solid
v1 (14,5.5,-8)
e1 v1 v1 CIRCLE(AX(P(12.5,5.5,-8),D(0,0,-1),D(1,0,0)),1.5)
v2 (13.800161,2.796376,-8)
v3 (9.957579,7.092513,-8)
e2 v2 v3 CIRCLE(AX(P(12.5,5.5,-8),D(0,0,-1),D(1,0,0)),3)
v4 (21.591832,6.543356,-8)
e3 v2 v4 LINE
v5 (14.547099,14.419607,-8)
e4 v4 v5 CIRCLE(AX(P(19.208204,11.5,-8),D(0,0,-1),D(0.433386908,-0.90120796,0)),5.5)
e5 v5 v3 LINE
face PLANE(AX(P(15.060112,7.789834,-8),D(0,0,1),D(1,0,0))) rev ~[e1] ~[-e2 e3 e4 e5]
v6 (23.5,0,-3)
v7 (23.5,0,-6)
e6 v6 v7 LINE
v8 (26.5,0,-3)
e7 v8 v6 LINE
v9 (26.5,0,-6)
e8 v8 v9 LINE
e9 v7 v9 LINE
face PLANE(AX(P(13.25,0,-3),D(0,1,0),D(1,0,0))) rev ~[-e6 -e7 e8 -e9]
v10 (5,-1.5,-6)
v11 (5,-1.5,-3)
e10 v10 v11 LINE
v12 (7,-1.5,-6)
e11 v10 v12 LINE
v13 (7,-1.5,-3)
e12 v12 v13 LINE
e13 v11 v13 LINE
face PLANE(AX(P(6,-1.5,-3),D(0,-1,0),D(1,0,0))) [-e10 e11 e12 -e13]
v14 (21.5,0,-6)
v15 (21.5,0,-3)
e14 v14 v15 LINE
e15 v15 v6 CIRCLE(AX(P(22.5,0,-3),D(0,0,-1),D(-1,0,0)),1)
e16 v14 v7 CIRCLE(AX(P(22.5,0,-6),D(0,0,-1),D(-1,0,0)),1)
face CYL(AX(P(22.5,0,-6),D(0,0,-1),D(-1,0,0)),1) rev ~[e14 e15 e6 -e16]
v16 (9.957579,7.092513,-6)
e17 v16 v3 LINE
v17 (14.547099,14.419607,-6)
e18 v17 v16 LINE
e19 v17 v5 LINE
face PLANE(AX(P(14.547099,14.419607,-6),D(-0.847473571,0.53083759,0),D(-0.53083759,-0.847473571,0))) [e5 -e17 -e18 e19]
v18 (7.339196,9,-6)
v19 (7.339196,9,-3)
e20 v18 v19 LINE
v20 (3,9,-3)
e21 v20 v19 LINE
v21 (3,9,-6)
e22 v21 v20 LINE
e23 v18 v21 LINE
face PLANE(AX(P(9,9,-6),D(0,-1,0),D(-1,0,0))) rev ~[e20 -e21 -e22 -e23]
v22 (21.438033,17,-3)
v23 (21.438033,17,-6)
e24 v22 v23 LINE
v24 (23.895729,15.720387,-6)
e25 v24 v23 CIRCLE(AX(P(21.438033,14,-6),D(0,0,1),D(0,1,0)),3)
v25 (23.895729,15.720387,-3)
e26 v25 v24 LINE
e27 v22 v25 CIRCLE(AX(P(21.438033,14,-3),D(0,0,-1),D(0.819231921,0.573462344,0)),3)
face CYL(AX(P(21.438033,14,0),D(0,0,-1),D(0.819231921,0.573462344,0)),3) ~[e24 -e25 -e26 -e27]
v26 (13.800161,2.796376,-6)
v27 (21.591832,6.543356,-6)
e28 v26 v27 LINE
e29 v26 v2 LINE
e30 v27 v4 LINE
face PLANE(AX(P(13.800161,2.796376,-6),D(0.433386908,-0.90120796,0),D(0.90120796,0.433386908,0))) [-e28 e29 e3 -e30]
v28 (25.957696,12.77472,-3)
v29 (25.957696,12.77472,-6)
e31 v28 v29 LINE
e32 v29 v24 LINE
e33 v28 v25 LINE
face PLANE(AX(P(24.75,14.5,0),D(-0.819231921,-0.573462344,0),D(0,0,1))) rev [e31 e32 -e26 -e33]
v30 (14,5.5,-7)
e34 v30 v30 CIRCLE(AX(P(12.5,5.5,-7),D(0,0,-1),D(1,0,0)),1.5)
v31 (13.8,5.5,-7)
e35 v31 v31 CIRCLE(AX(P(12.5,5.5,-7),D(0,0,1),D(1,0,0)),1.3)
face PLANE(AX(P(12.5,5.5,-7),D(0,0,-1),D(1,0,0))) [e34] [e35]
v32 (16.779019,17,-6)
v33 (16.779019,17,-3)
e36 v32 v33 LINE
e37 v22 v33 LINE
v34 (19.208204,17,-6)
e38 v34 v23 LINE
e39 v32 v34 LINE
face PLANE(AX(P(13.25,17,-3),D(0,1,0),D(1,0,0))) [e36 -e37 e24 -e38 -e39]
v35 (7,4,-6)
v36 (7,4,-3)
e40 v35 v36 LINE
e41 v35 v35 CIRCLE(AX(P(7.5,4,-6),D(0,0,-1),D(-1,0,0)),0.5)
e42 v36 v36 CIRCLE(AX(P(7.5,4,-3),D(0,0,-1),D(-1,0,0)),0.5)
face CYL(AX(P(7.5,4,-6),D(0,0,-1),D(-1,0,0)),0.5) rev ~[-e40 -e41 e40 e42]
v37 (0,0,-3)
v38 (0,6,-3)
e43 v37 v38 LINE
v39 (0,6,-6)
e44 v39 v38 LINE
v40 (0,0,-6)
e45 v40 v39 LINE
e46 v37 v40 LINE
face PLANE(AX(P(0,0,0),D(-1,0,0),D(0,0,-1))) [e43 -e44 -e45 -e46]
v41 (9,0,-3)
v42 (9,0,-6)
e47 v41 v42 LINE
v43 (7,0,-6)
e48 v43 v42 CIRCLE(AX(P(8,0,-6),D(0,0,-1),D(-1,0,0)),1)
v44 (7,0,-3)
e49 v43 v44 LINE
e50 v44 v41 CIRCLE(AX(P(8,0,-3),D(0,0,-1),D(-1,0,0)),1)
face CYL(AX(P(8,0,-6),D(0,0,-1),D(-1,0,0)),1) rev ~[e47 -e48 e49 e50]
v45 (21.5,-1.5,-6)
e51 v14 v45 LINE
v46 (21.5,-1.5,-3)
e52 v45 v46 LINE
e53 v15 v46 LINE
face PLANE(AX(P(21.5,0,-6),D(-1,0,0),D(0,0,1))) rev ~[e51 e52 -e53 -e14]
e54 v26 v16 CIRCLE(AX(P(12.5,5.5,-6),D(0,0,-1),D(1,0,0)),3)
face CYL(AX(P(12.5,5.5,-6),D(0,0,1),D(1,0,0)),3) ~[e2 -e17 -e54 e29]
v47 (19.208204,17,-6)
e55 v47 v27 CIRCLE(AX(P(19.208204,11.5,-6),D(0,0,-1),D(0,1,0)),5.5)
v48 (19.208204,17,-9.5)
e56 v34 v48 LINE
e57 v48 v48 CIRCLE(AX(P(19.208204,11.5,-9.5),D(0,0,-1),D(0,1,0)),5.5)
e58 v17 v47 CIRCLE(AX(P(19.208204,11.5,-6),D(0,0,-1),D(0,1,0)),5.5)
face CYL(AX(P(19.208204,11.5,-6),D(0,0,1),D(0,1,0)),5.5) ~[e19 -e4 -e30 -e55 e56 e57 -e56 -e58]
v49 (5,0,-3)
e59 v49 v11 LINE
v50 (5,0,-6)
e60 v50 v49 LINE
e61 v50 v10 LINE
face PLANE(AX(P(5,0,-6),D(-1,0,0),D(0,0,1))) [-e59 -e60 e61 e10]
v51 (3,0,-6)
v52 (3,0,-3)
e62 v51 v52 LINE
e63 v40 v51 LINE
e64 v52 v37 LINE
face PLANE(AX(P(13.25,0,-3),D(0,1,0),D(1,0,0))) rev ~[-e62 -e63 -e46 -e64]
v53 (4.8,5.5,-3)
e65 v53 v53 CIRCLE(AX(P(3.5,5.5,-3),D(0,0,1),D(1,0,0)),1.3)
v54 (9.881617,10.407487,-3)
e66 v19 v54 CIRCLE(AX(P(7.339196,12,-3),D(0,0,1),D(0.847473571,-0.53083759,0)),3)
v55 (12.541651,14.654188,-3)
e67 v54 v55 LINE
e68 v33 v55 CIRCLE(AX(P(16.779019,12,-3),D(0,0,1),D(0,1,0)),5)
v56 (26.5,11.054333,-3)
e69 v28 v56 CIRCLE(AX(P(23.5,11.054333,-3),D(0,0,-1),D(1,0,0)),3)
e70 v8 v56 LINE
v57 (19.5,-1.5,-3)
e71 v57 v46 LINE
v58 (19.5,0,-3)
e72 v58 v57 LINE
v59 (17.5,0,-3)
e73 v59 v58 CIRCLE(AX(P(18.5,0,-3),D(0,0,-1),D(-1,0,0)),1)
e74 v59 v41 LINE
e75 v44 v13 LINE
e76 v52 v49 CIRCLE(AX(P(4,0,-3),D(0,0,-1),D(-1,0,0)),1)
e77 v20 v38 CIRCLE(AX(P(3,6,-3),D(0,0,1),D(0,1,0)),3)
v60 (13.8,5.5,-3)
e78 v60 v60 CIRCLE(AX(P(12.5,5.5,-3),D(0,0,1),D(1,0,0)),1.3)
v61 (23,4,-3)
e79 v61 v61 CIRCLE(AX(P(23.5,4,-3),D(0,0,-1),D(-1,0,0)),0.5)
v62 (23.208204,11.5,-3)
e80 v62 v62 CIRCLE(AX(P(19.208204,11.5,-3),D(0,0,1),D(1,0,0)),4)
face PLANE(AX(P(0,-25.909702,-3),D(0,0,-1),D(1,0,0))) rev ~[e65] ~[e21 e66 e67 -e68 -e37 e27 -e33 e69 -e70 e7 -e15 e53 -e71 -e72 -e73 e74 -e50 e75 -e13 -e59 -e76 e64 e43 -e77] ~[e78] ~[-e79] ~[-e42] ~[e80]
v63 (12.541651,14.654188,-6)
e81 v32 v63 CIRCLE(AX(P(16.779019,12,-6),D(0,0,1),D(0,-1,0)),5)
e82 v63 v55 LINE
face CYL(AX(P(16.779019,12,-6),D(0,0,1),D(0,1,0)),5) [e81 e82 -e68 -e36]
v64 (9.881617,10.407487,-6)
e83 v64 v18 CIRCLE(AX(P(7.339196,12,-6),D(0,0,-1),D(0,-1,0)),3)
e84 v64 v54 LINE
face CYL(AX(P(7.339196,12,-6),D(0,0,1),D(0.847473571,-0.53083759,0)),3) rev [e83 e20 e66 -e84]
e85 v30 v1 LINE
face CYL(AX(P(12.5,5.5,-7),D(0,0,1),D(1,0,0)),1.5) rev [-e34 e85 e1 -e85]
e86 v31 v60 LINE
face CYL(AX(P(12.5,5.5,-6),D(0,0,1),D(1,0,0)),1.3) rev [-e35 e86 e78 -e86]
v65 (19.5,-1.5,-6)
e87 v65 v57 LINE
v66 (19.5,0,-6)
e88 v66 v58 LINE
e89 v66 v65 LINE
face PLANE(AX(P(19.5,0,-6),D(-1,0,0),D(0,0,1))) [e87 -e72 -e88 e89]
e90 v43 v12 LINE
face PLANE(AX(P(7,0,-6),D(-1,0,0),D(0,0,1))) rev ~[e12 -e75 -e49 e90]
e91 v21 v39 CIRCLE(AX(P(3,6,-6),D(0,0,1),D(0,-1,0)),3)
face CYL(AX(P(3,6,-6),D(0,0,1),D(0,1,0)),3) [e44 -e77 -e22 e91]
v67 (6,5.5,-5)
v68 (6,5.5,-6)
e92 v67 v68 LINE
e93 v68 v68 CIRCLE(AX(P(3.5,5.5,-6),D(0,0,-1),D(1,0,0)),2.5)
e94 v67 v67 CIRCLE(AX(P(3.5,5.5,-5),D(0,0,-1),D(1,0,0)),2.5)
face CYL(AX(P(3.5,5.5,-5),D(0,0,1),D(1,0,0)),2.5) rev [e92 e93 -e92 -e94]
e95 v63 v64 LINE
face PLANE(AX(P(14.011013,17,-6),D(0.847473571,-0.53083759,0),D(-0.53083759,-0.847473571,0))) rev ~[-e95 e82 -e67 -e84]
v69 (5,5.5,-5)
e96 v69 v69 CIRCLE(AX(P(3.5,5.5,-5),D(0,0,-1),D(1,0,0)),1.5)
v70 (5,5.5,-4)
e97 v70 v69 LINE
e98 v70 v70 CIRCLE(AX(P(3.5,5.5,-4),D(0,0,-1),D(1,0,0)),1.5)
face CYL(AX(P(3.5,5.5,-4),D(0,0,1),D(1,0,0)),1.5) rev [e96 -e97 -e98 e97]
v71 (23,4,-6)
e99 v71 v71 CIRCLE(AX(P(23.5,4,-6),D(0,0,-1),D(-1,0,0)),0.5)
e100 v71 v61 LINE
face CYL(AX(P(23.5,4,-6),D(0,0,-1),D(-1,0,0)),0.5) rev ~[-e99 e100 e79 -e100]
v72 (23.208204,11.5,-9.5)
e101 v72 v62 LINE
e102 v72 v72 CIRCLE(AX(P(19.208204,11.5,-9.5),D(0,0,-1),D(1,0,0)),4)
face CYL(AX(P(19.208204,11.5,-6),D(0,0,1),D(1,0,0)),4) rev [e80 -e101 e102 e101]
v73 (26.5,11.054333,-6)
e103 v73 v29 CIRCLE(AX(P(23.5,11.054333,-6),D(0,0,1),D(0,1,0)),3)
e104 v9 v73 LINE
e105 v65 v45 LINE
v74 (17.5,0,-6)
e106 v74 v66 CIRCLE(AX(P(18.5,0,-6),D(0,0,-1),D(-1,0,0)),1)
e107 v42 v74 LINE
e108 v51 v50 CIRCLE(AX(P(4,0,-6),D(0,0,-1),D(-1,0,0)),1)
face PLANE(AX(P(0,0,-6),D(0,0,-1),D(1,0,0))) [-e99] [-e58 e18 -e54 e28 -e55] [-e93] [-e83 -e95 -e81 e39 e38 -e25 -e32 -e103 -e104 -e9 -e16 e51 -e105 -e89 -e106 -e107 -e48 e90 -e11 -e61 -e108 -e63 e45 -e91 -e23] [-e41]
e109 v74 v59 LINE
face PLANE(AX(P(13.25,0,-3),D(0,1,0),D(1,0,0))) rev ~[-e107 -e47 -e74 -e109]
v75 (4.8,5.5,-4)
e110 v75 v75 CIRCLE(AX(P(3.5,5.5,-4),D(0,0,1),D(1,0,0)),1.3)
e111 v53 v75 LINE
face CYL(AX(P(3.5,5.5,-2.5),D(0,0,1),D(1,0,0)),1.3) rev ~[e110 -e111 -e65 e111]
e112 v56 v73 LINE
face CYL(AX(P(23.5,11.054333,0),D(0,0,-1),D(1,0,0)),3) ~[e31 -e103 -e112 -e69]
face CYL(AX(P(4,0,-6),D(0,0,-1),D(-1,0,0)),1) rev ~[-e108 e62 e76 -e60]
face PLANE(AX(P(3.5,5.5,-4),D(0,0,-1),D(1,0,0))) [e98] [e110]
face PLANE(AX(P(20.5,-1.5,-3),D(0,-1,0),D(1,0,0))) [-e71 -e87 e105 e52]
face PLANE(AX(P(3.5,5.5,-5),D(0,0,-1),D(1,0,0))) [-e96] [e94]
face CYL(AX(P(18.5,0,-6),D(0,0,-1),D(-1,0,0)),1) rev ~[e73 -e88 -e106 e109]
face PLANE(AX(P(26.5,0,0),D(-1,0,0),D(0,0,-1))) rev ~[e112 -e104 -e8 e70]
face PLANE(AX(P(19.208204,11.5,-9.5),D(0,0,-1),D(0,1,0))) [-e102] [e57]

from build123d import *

# Parameters (mm, degrees)
SKETCH1_W                            = 26.5
SKETCH1_H                            = 6
BOSS_EXTRUDE1_DEPTH                  = 17
SKETCH2_R                            = 1.5
CUT_EXTRUDE1_DEPTH                   = 1
SKETCH3_R                            = 1.3
CUT_EXTRUDE2_DEPTH                   = 32.878676259
SKETCH4_R                            = 4
CUT_EXTRUDE3_DEPTH                   = 33.050741021
SKETCH5_R                            = 2.5
CUT_EXTRUDE4_DEPTH                   = 1.5
SKETCH6_R                            = 1.5
CUT_EXTRUDE8_DEPTH                   = 1
SKETCH7_R                            = 1.3
CUT_EXTRUDE9_DEPTH                   = 32.678068123
CUT_EXTRUDE10_START                  = -1
SKETCH8_R                            = 2.5
CUT_EXTRUDE10_DEPTH                  = 1
CUT_EXTRUDE11_START                  = -1
SKETCH9_R                            = 1.5
CUT_EXTRUDE11_DEPTH                  = 1
SKETCH10_R                           = 5.5
SKETCH10_R_2                         = 4
BOSS_EXTRUDE2_DEPTH                  = 3.5
SKETCH11_R                           = 3
SKETCH11_R_2                         = 1.3
BOSS_EXTRUDE4_DEPTH                  = 2
CUT_EXTRUDE12_START                  = -1
SKETCH12_R                           = 1.5
CUT_EXTRUDE12_DEPTH                  = 1
SKETCH17_W                           = 2
SKETCH17_H                           = 6
BOSS_EXTRUDE6_DEPTH                  = 1.5
SKETCH18_R                           = 1
CUT_EXTRUDE17_DEPTH                  = 33.050741021
CHAMFER2_SIZE                        = 5
CHAMFER2_SIZE2                       = 3.5
FILLET11_R                           = 3
BOSS_EXTRUDE7_DEPTH                  = 2
CUT_EXTRUDE19_DEPTH                  = 33.050741021
FILLET13_R                           = 5
FILLET14_R                           = 3
FILLET15_R                           = 3
SKIZZE1_R                            = 0.5
SCHNITT_LINEAR_AUSTRAGEN1_DEPTH      = 33.050741021
SCHNITT_LINEAR_AUSTRAGEN2_DEPTH      = 31.409702399
SCHNITT_LINEAR_AUSTRAGEN2_DEPTH_BACK = 31.409702399
SKIZZE2_W                            = 26.5
SKIZZE2_H                            = 3


with BuildPart() as part:
    # Sketch1 → Boss-Extrude1 (new body)
    with BuildSketch(Plane(origin=(0, 0, 0), x_dir=(1, 0, 0), z_dir=(0, 1, 0))):
        with Locations((13.25, 3)):
            Rectangle(SKETCH1_W, SKETCH1_H)
    extrude(amount=BOSS_EXTRUDE1_DEPTH)

    # Sketch2 → Cut-Extrude1 (cut)
    with BuildSketch(Plane.XY):
        with Locations((12.5, 5.5)):
            Circle(SKETCH2_R)
    extrude(amount=-CUT_EXTRUDE1_DEPTH, mode=Mode.SUBTRACT)

    # Sketch3 → Cut-Extrude2 (cut, through all)
    with BuildSketch(Plane.XY.offset(-1)):
        with Locations((12.5, 5.5)):
            Circle(SKETCH3_R)
    extrude(amount=-CUT_EXTRUDE2_DEPTH, mode=Mode.SUBTRACT)

    # Sketch4 → Cut-Extrude3 (cut, through all)
    with BuildSketch(Plane.XY):
        with Locations((19.208203932, 11.5)):
            Circle(SKETCH4_R)
    extrude(amount=-CUT_EXTRUDE3_DEPTH, mode=Mode.SUBTRACT)

    # Sketch5 → Cut-Extrude4 (cut)
    with BuildSketch(Plane.XY):
        with Locations((3.5, 5.5)):
            Circle(SKETCH5_R)
    extrude(amount=-CUT_EXTRUDE4_DEPTH, mode=Mode.SUBTRACT)

    # Sketch6 → Cut-Extrude8 (cut)
    with BuildSketch(Plane.XY.offset(-1.5)):
        with Locations((3.5, 5.5)):
            Circle(SKETCH6_R)
    extrude(amount=-CUT_EXTRUDE8_DEPTH, mode=Mode.SUBTRACT)

    # Sketch7 → Cut-Extrude9 (cut, through all)
    with BuildSketch(Plane.XY.offset(-2.5)):
        with Locations((3.5, 5.5)):
            Circle(SKETCH7_R)
    extrude(amount=-CUT_EXTRUDE9_DEPTH, mode=Mode.SUBTRACT)

    # Sketch8 → Cut-Extrude10 (cut)
    with BuildSketch(Plane(origin=(0, 0, -6), x_dir=(-1, 0, 0), z_dir=(0, 0, -1)).offset(CUT_EXTRUDE10_START)):
        with Locations(Location((-3.5, 5.5, 0), (0, 0, 180))):
            Circle(SKETCH8_R)
    extrude(amount=CUT_EXTRUDE10_DEPTH, mode=Mode.SUBTRACT)

    # Sketch9 → Cut-Extrude11 (cut)
    with BuildSketch(Plane(origin=(0, 0, -5), x_dir=(-1, 0, 0), z_dir=(0, 0, -1)).offset(CUT_EXTRUDE11_START)):
        with Locations(Location((-3.5, 5.5, 0), (0, 0, 180))):
            Circle(SKETCH9_R)
    extrude(amount=CUT_EXTRUDE11_DEPTH, mode=Mode.SUBTRACT)

    # Sketch10 → Boss-Extrude2 (add)
    with BuildSketch(Plane(origin=(0, 0, -6), x_dir=(-1, 0, 0), z_dir=(0, 0, -1))):
        with Locations(Location((-19.208203932, 11.5, 0), (0, 0, 90))):
            Circle(SKETCH10_R)
        with Locations(Location((-19.208203932, 11.5, 0), (0, 0, 180))):
            Circle(SKETCH10_R_2, mode=Mode.SUBTRACT)
    extrude(amount=BOSS_EXTRUDE2_DEPTH)

    # Sketch11 → Boss-Extrude4 (add)
    with BuildSketch(Plane(origin=(0, 0, -6), x_dir=(-1, 0, 0), z_dir=(0, 0, -1))):
        with Locations(Location((-12.5, 5.5, 0), (0, 0, 180))):
            Circle(SKETCH11_R)
        with Locations(Location((-12.5, 5.5, 0), (0, 0, 180))):
            Circle(SKETCH11_R_2, mode=Mode.SUBTRACT)
    extrude(amount=BOSS_EXTRUDE4_DEPTH)

    # Sketch12 → Cut-Extrude12 (cut)
    with BuildSketch(Plane(origin=(0, 0, -8), x_dir=(-1, 0, 0), z_dir=(0, 0, -1)).offset(CUT_EXTRUDE12_START)):
        with Locations(Location((-12.5, 5.5, 0), (0, 0, 180))):
            Circle(SKETCH12_R)
    extrude(amount=CUT_EXTRUDE12_DEPTH, mode=Mode.SUBTRACT)

    # Sketch17 → Boss-Extrude6 (add)
    with BuildSketch(Plane.XZ):
        with Locations((6, -3)):
            Rectangle(SKETCH17_W, SKETCH17_H)
        with Locations((20.5, -3)):
            Rectangle(SKETCH17_W, SKETCH17_H)
    extrude(amount=BOSS_EXTRUDE6_DEPTH)

    # Sketch18 → Cut-Extrude17 (cut, through all)
    with BuildSketch(Plane(origin=(0, 0, -6), x_dir=(-1, 0, 0), z_dir=(0, 0, -1))):
        with Locations((-22.5, 0)):
            Circle(SKETCH18_R)
        with Locations((-18.5, 0)):
            Circle(SKETCH18_R)
        with Locations((-8, 0)):
            Circle(SKETCH18_R)
        with Locations((-4, 0)):
            Circle(SKETCH18_R)
    extrude(amount=-CUT_EXTRUDE17_DEPTH, mode=Mode.SUBTRACT)

    # Chamfer2
    chamfer2_edges = [part.edges().sort_by_distance(p)[0] for p in [
        (26.5, 17, -3),
    ]]
    chamfer2_side = [part.faces().sort_by_distance(p)[0] for p in [
        (26.5, 8.5, -3),
    ]]
    chamfer(chamfer2_edges, length=CHAMFER2_SIZE, length2=CHAMFER2_SIZE2, reference=chamfer2_side[0])

    # Fillet11
    fillet11_edges = [part.edges().sort_by_distance(p)[0] for p in [
        (23, 17, -3),
        (26.5, 12, -3),
    ]]
    fillet(fillet11_edges, radius=FILLET11_R)

    # Sketch19 → Boss-Extrude7 (add)
    with BuildSketch(Plane(origin=(0, 0, -6), x_dir=(-1, 0, 0), z_dir=(0, 0, -1))):
        with BuildLine():
            Line((-14.547099294, 14.419606745), (-9.957579288, 7.09251277))
            ThreePointArc((-9.957579288, 7.09251277), (-14.736067977, 7.5), (-13.800160725, 2.796376119))
            Line((-13.800160725, 2.796376119), (-21.591831928, 6.543356218))
            ThreePointArc((-21.591831928, 6.543356218), (-15.108745974, 7.833333333), (-14.547099294, 14.419606745))
        make_face()
    extrude(amount=BOSS_EXTRUDE7_DEPTH)

    # Sketch20 → Cut-Extrude19 (cut, through all)
    with BuildSketch(Plane(origin=(0, 0, -6), x_dir=(-1, 0, 0), z_dir=(0, 0, -1))):
        Polygon((0, 17), (-14.011012575, 17), (-9, 9), (0, 9), align=None)
    extrude(amount=-CUT_EXTRUDE19_DEPTH, mode=Mode.SUBTRACT)

    # Fillet13
    fillet13_edges = [part.edges().sort_by_distance(p)[0] for p in [
        (14.011012575, 17, -3),
    ]]
    fillet(fillet13_edges, radius=FILLET13_R)

    # Fillet14
    fillet14_edges = [part.edges().sort_by_distance(p)[0] for p in [
        (9, 9, -3),
    ]]
    fillet(fillet14_edges, radius=FILLET14_R)

    # Fillet15
    fillet15_edges = [part.edges().sort_by_distance(p)[0] for p in [
        (0, 9, -3),
    ]]
    fillet(fillet15_edges, radius=FILLET15_R)

    # Skizze1 → Schnitt-Linear austragen1 (cut, through all)
    with BuildSketch(Plane(origin=(0, 0, -6), x_dir=(-1, 0, 0), z_dir=(0, 0, -1))):
        with Locations((-23.5, 4)):
            Circle(SKIZZE1_R)
        with Locations((-7.5, 4)):
            Circle(SKIZZE1_R)
    extrude(amount=-SCHNITT_LINEAR_AUSTRAGEN1_DEPTH, mode=Mode.SUBTRACT)

    # Skizze2 → Schnitt-Linear austragen2 (cut, two sides: drawn at the far end of the back side and taken through both)
    with BuildSketch(Plane(origin=(0, 5.5, 0), x_dir=(1, 0, 0), z_dir=(0, 1, 0)).offset(-SCHNITT_LINEAR_AUSTRAGEN2_DEPTH_BACK)):
        with Locations((13.25, 1.5)):
            Rectangle(SKIZZE2_W, SKIZZE2_H)
    extrude(amount=SCHNITT_LINEAR_AUSTRAGEN2_DEPTH + SCHNITT_LINEAR_AUSTRAGEN2_DEPTH_BACK, mode=Mode.SUBTRACT)


solid = part.part
